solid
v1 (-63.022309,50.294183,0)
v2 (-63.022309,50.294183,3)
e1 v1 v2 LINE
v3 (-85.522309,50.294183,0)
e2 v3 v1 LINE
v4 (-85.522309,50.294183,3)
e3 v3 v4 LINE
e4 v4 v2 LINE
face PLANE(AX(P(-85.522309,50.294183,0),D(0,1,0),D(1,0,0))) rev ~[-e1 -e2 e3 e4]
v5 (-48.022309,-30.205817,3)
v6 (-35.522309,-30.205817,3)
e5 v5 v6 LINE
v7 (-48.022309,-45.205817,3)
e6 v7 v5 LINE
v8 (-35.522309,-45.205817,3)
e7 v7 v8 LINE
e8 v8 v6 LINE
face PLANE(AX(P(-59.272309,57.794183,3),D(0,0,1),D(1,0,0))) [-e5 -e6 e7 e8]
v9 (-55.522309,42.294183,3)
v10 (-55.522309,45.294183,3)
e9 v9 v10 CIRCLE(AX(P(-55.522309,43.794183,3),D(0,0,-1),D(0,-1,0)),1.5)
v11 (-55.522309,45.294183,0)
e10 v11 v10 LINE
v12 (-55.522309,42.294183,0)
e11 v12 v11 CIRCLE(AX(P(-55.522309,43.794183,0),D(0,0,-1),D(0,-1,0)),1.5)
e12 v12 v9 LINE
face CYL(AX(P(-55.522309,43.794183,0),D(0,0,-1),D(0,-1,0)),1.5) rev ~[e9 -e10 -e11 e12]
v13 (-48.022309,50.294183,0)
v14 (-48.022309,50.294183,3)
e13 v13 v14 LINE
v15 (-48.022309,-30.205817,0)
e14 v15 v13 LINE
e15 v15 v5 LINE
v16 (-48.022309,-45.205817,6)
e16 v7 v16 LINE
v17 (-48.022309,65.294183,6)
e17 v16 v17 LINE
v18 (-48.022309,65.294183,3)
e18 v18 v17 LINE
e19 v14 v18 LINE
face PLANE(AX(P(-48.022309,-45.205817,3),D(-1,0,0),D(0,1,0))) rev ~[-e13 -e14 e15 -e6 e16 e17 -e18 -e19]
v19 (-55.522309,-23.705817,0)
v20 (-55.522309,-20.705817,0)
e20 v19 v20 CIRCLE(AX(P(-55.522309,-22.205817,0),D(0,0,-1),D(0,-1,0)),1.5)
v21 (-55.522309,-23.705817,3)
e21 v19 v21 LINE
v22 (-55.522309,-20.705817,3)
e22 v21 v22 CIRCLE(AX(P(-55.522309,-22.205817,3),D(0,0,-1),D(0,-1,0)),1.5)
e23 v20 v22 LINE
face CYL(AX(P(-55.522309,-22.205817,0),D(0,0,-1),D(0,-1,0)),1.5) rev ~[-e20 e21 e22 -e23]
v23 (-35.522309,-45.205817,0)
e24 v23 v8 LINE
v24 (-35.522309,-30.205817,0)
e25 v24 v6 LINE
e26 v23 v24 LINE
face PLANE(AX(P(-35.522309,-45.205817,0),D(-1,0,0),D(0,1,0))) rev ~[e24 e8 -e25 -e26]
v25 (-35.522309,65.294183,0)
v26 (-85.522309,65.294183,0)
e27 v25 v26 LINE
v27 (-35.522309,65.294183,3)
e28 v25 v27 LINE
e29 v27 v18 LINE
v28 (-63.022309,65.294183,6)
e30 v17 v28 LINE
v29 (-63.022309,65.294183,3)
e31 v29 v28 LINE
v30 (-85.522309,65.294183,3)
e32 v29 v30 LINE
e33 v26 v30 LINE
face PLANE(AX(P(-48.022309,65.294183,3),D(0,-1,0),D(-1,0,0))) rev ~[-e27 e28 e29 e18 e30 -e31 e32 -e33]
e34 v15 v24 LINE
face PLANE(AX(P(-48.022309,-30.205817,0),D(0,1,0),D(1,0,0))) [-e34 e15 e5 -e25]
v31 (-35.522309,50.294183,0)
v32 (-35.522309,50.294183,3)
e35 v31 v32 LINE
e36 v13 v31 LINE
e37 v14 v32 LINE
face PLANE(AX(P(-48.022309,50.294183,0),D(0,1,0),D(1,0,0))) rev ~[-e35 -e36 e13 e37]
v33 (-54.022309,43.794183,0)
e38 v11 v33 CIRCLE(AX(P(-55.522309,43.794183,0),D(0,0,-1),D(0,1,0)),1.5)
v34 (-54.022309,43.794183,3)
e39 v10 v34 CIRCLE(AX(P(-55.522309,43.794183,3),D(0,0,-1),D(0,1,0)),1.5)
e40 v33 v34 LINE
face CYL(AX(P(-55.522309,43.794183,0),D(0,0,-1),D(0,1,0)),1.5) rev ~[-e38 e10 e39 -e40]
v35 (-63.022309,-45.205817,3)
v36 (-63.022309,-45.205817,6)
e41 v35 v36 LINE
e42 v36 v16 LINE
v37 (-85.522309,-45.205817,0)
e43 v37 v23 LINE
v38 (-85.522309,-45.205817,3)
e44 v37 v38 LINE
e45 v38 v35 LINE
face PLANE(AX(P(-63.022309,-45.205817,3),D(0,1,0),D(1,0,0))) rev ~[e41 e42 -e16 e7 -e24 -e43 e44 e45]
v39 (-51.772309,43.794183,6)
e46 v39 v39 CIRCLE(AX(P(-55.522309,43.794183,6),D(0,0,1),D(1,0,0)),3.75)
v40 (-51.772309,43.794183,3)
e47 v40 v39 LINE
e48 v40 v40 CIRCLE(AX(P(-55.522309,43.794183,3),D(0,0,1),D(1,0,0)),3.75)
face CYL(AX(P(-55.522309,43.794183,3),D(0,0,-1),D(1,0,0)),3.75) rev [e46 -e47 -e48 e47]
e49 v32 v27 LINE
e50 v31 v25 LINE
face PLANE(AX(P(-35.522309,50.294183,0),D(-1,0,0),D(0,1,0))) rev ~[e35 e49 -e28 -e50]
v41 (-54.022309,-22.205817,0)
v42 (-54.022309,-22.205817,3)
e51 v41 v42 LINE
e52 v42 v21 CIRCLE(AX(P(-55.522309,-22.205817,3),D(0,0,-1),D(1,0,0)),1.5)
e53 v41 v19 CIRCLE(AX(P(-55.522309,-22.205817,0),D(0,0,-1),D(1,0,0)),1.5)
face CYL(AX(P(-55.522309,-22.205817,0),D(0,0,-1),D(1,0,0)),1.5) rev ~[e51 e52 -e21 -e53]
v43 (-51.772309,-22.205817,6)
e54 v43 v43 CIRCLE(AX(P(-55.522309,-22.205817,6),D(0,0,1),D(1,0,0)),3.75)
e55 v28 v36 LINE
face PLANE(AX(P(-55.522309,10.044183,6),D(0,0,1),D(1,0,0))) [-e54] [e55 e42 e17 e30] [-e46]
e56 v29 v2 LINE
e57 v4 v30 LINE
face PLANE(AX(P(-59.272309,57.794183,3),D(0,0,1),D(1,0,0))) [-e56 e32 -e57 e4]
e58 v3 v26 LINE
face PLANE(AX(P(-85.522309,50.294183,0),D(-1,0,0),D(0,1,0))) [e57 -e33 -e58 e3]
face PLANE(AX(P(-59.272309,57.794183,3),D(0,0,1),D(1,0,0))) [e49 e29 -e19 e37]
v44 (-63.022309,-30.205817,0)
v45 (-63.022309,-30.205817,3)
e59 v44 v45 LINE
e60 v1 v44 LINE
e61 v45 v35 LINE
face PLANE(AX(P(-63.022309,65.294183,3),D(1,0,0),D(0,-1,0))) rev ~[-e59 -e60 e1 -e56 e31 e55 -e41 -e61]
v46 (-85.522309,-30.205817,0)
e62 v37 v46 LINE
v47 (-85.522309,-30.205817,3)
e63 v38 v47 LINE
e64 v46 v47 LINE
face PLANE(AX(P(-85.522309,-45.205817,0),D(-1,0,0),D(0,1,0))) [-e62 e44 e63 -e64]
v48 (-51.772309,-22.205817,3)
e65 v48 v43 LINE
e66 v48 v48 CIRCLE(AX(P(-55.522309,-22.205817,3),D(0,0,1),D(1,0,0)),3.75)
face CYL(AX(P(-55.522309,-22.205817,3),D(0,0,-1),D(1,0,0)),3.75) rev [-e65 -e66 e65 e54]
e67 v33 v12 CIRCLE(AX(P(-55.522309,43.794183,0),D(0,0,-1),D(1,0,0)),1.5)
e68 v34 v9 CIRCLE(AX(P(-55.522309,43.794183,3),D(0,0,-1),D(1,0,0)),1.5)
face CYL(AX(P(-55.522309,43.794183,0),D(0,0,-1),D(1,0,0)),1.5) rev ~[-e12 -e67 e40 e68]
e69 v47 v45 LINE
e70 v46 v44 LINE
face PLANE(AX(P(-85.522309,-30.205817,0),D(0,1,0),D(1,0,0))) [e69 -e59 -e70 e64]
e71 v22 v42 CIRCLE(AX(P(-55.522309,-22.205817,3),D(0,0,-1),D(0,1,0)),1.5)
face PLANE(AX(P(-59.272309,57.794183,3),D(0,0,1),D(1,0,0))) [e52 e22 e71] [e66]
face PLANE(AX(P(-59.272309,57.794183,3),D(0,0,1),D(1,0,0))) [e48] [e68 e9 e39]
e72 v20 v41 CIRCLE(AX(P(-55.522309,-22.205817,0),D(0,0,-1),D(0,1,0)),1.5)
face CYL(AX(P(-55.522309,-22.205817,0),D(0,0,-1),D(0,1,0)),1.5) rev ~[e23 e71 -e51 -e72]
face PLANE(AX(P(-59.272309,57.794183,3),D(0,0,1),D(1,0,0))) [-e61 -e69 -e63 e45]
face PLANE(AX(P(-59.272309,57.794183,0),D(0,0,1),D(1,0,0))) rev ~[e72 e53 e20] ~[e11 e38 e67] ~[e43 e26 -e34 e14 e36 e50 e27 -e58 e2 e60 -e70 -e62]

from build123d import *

# Parameters (mm, degrees)
F0_W     = 7.5
F0_H     = 15
F0_W_2   = 22.5
F0_W_3   = 12.5
F1_DEPTH = 3
F2_R     = 3.75
F3_DEPTH = 3


with BuildPart() as f1:
    # F0 (on Top) → F1 (new body)
    with BuildSketch(Plane.XY):
        with Locations((-59.2723089457, 57.7941831946)):
            Rectangle(F0_W, F0_H)
        with BuildLine():
            Line((-55.5223089457, -18.4558168054), (-55.5223089457, 40.0441831946))
            ThreePointArc((-55.5223089457, 40.0441831946), (-59.2723089457, 43.7941831946), (-55.5223089457, 47.5441831946))
            Line((-55.5223089457, 47.5441831946), (-55.5223089457, 50.2941831946))
            Line((-55.5223089457, 50.2941831946), (-63.0223089457, 50.2941831946))
            Line((-63.0223089457, 50.2941831946), (-63.0223089457, -30.2058168054))
            Line((-63.0223089457, -30.2058168054), (-55.5223089457, -30.2058168054))
            Line((-55.5223089457, -30.2058168054), (-55.5223089457, -25.9558168054))
            ThreePointArc((-55.5223089457, -25.9558168054), (-59.2723089457, -22.2058168054), (-55.5223089457, -18.4558168054))
        make_face()
        with Locations((-59.2723089457, -37.7058168054)):
            Rectangle(F0_W, F0_H)
        with Locations((-51.7723089457, 57.7941831946)):
            Rectangle(F0_W, F0_H)
        with BuildLine():
            ThreePointArc((-51.7723089457, 43.7941831946), (-52.8706585162, 41.1425327652), (-55.5223089457, 40.0441831946))
            Line((-55.5223089457, 40.0441831946), (-55.5223089457, -18.4558168054))
            ThreePointArc((-55.5223089457, -18.4558168054), (-52.8706585162, -19.5541663759), (-51.7723089457, -22.2058168054))
            ThreePointArc((-51.7723089457, -22.2058168054), (-52.8706585162, -24.8574672348), (-55.5223089457, -25.9558168054))
            Line((-55.5223089457, -25.9558168054), (-55.5223089457, -30.2058168054))
            Line((-55.5223089457, -30.2058168054), (-48.0223089457, -30.2058168054))
            Line((-48.0223089457, -30.2058168054), (-48.0223089457, 50.2941831946))
            Line((-48.0223089457, 50.2941831946), (-55.5223089457, 50.2941831946))
            Line((-55.5223089457, 50.2941831946), (-55.5223089457, 47.5441831946))
            ThreePointArc((-55.5223089457, 47.5441831946), (-52.8706585162, 46.4458336241), (-51.7723089457, 43.7941831946))
        make_face()
        with Locations((-51.7723089457, -37.7058168054)):
            Rectangle(F0_W, F0_H)
        with BuildLine():
            ThreePointArc((-51.7723089457, -22.2058168054), (-52.8706585162, -19.5541663759), (-55.5223089457, -18.4558168054))
            Line((-55.5223089457, -18.4558168054), (-55.5223089457, -20.7058168054))
            ThreePointArc((-55.5223089457, -20.7058168054), (-54.4616487739, -21.1451566336), (-54.0223089457, -22.2058168054))
            ThreePointArc((-54.0223089457, -22.2058168054), (-54.4616487739, -23.2664769771), (-55.5223089457, -23.7058168054))
            Line((-55.5223089457, -23.7058168054), (-55.5223089457, -25.9558168054))
            ThreePointArc((-55.5223089457, -25.9558168054), (-52.8706585162, -24.8574672348), (-51.7723089457, -22.2058168054))
        make_face()
        with BuildLine():
            Line((-55.5223089457, -20.7058168054), (-55.5223089457, -18.4558168054))
            ThreePointArc((-55.5223089457, -18.4558168054), (-59.2723089457, -22.2058168054), (-55.5223089457, -25.9558168054))
            Line((-55.5223089457, -25.9558168054), (-55.5223089457, -23.7058168054))
            ThreePointArc((-55.5223089457, -23.7058168054), (-57.0223089457, -22.2058168054), (-55.5223089457, -20.7058168054))
        make_face()
        with BuildLine():
            Line((-55.5223089457, 40.0441831946), (-55.5223089457, 42.2941831946))
            ThreePointArc((-55.5223089457, 42.2941831946), (-57.0223089457, 43.7941831946), (-55.5223089457, 45.2941831946))
            Line((-55.5223089457, 45.2941831946), (-55.5223089457, 47.5441831946))
            ThreePointArc((-55.5223089457, 47.5441831946), (-59.2723089457, 43.7941831946), (-55.5223089457, 40.0441831946))
        make_face()
        with BuildLine():
            ThreePointArc((-54.0223089457, 43.7941831946), (-54.4616487739, 42.7335230229), (-55.5223089457, 42.2941831946))
            Line((-55.5223089457, 42.2941831946), (-55.5223089457, 40.0441831946))
            ThreePointArc((-55.5223089457, 40.0441831946), (-52.8706585162, 41.1425327652), (-51.7723089457, 43.7941831946))
            ThreePointArc((-51.7723089457, 43.7941831946), (-52.8706585162, 46.4458336241), (-55.5223089457, 47.5441831946))
            Line((-55.5223089457, 47.5441831946), (-55.5223089457, 45.2941831946))
            ThreePointArc((-55.5223089457, 45.2941831946), (-54.4616487739, 44.8548433664), (-54.0223089457, 43.7941831946))
        make_face()
        with Locations((-74.2723089457, -37.7058168054)):
            Rectangle(F0_W_2, F0_H)
        with Locations((-41.7723089457, -37.7058168054)):
            Rectangle(F0_W_3, F0_H)
        with Locations((-74.2723089457, 57.7941831946)):
            Rectangle(F0_W_2, F0_H)
        with Locations((-41.7723089457, 57.7941831946)):
            Rectangle(F0_W_3, F0_H)
    extrude(amount=F1_DEPTH)

    # F2 (on face) → F3 (join)
    with BuildSketch(Plane.XY.offset(3)):
        Polygon((-48.0223089457, 50.2941831946), (-48.0223089457, 65.2941831946), (-63.0223089457, 65.2941831946), (-63.0223089457, 50.2941831946), (-63.0223089457, -30.2058168054), (-63.0223089457, -45.2058168054), (-48.0223089457, -45.2058168054), (-48.0223089457, -30.2058168054), align=None)
        with Locations((-55.5223089457, -22.2058168054)):
            Circle(F2_R, mode=Mode.SUBTRACT)
        with Locations((-55.5223089457, 43.7941831946)):
            Circle(F2_R, mode=Mode.SUBTRACT)
    extrude(amount=F3_DEPTH)


solid = f1.part
